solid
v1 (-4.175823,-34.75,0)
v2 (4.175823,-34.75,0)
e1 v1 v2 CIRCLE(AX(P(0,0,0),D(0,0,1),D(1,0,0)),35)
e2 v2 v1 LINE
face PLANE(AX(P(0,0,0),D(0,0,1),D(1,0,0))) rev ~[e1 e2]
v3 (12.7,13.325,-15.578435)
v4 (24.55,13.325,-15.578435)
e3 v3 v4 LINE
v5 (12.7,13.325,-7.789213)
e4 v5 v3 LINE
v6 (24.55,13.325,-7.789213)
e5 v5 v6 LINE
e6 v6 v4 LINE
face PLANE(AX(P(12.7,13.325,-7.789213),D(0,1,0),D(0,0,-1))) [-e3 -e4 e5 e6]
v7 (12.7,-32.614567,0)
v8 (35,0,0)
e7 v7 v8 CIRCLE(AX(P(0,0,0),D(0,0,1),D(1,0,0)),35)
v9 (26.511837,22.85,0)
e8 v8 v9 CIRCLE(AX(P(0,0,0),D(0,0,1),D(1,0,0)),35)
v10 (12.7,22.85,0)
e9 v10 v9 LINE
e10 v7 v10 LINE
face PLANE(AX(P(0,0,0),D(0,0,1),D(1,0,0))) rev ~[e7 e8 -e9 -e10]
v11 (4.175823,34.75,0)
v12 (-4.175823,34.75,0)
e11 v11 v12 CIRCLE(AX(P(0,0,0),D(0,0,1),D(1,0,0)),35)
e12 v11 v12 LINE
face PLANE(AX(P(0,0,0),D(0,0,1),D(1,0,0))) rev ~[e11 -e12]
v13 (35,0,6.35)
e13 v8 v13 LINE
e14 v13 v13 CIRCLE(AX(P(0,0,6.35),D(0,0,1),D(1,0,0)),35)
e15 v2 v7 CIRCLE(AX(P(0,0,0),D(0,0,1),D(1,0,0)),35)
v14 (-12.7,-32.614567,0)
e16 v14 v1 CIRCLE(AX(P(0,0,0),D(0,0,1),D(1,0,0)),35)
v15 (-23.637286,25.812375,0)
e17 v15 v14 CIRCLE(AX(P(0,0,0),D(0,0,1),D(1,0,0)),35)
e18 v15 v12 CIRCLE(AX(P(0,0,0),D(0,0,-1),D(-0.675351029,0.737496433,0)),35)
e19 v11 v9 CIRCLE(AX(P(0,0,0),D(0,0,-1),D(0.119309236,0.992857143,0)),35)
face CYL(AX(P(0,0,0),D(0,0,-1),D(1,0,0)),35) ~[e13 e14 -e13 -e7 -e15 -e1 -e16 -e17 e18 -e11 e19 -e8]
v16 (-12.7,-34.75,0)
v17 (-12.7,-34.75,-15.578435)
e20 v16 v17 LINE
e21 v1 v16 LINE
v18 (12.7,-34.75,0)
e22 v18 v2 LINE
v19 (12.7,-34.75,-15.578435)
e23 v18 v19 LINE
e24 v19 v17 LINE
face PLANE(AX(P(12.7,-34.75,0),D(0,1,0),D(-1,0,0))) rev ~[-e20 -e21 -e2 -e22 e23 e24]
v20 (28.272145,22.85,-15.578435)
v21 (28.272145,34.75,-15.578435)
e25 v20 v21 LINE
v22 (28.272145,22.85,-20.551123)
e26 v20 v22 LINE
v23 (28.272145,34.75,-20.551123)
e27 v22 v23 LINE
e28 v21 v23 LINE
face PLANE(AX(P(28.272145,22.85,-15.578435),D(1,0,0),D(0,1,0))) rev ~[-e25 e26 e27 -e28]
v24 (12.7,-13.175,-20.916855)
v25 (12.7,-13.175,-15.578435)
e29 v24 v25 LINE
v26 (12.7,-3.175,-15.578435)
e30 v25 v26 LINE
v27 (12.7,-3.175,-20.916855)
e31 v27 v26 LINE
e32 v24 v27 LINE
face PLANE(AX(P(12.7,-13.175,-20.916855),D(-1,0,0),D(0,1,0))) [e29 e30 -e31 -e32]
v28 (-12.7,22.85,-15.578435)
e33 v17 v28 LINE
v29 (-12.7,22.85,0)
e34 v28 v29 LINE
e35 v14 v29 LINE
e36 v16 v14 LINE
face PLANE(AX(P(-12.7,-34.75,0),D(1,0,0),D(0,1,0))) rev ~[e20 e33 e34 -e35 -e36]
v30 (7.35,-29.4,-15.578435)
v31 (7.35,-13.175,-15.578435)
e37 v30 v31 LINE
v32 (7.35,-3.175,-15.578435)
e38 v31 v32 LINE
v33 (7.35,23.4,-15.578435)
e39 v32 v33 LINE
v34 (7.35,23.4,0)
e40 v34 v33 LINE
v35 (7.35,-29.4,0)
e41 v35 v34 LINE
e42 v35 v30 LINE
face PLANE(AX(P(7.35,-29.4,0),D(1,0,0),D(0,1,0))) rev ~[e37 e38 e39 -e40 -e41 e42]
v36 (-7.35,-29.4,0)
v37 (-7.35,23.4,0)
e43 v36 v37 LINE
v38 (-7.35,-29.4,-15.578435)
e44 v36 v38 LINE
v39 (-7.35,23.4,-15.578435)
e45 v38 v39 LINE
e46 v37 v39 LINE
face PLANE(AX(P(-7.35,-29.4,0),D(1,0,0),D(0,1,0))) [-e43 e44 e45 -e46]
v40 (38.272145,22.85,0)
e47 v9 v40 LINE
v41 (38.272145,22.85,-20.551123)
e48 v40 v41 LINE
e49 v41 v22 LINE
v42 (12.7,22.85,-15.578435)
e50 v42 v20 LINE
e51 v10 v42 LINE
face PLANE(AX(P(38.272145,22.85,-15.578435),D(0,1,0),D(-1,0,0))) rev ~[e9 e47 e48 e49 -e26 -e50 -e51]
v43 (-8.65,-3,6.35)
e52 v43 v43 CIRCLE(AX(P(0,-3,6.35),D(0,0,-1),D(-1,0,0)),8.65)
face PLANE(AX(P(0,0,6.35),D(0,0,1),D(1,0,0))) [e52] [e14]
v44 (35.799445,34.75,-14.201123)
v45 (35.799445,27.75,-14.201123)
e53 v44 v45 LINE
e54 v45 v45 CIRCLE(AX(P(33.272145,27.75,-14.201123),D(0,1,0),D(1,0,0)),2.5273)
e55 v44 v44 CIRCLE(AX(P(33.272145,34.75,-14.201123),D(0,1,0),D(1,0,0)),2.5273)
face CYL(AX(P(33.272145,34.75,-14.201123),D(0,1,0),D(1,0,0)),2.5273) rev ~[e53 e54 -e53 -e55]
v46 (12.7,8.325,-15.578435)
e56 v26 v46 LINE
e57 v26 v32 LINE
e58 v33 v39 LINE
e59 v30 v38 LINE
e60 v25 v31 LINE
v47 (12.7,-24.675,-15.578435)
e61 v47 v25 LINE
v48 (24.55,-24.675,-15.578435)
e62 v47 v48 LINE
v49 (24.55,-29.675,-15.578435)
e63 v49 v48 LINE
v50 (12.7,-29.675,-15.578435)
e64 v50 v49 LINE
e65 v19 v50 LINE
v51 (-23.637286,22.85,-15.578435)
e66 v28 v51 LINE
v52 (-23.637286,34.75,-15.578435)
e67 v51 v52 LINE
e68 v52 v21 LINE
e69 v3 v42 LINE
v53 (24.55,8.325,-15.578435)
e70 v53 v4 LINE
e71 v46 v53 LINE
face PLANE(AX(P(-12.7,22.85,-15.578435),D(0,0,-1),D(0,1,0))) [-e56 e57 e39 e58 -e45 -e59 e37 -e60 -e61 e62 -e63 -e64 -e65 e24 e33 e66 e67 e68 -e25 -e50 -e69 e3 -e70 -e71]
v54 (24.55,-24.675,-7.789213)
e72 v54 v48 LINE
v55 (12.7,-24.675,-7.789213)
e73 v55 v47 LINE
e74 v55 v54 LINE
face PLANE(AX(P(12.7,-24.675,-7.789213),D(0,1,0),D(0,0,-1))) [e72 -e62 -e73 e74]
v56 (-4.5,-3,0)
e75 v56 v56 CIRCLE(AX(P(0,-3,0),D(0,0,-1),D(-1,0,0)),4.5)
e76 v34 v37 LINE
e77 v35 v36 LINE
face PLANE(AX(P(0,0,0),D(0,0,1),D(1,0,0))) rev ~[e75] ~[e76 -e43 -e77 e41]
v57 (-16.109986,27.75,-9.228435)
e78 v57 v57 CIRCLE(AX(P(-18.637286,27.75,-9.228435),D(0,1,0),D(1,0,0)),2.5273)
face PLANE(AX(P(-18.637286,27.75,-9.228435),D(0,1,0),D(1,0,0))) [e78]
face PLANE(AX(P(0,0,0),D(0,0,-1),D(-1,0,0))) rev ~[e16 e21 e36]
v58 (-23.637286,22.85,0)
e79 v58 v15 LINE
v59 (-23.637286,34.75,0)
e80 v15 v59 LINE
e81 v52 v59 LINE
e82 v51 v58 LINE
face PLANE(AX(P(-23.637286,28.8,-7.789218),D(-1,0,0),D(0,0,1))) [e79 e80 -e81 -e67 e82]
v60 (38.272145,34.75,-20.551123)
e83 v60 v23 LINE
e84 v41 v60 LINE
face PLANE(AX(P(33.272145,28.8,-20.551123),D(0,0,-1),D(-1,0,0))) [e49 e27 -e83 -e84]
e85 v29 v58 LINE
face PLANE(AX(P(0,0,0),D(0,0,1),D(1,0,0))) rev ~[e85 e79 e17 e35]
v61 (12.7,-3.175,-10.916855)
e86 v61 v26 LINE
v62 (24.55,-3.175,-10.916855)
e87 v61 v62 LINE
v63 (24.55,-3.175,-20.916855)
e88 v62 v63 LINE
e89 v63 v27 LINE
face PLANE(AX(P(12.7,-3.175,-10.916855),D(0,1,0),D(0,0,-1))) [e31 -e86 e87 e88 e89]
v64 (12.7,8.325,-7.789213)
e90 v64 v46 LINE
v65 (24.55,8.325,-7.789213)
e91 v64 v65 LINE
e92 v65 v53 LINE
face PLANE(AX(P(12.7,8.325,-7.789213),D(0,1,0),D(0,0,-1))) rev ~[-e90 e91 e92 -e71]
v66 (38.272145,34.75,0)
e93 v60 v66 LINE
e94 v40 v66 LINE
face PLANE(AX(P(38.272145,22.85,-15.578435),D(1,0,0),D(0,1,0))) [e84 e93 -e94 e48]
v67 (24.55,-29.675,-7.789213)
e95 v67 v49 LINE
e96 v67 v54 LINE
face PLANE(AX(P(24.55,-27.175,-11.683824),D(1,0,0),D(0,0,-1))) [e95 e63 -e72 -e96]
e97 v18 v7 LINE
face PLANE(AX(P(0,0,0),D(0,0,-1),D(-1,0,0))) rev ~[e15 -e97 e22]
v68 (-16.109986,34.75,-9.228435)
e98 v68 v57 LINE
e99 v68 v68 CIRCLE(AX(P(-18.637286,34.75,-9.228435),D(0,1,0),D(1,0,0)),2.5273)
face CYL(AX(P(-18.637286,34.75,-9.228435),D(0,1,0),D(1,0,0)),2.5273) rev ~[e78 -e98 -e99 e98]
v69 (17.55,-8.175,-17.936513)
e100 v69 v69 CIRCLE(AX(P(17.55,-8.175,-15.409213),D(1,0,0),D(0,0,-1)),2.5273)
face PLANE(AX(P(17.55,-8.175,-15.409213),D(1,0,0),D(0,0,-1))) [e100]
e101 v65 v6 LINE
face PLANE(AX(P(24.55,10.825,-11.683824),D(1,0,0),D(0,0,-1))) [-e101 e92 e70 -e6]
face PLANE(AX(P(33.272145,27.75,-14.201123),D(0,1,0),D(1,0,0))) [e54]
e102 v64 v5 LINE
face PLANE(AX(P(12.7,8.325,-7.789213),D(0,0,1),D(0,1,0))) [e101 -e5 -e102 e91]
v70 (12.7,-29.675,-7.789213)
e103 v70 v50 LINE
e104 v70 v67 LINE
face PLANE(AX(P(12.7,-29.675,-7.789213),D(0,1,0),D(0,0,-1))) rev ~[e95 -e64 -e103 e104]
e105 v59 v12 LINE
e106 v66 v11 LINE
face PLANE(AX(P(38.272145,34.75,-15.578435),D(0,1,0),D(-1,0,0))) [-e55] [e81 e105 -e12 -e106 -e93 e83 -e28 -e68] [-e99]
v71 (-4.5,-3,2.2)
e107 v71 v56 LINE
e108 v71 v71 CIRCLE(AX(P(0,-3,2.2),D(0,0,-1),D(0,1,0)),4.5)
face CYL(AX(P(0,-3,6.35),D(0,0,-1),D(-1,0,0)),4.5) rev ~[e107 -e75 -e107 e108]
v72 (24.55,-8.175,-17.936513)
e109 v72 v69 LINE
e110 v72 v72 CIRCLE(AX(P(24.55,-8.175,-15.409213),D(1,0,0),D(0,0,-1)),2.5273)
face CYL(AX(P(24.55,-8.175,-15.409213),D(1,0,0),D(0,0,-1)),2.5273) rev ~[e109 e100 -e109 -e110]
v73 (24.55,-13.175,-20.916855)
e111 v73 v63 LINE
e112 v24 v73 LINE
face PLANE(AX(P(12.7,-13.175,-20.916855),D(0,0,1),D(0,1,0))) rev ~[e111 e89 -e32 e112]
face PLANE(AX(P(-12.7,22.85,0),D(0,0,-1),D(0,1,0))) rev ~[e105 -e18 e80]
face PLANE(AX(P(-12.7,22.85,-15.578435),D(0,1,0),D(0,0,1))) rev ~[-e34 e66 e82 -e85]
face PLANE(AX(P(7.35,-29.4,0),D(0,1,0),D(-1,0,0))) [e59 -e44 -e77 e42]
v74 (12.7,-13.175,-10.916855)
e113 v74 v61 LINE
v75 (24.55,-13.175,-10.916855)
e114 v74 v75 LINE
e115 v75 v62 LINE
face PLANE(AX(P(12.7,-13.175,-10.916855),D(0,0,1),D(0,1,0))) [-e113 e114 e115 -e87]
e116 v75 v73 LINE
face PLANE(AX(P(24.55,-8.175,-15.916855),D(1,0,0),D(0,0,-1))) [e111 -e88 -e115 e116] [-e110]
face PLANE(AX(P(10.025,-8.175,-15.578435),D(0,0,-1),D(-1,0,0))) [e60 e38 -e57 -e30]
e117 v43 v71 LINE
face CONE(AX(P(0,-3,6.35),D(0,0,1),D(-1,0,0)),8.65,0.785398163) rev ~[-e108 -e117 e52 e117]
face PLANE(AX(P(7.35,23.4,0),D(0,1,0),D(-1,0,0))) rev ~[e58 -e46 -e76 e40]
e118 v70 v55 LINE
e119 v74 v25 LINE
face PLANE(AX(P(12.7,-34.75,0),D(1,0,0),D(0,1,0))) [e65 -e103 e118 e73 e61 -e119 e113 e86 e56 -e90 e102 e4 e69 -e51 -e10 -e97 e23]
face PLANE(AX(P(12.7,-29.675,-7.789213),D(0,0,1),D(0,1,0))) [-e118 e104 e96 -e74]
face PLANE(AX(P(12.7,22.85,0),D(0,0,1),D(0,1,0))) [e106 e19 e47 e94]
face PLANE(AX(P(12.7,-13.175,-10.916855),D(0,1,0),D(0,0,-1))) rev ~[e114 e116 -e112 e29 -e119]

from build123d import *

# Parameters (mm, degrees)
SKETCH1_R                                       = 35
BOSS_EXTRUDE1_DEPTH                             = 6.35
SKETCH2_W                                       = 25.4
SKETCH2_H                                       = 69.5
SKETCH2_W_2                                     = 14.7
SKETCH2_H_2                                     = 52.8
BOSS_EXTRUDE2_DEPTH                             = 15.578435
CSK_FOR_M8_FLAT_HEAD_MACHINE_SCREW1_D           = 9
CSK_FOR_M8_FLAT_HEAD_MACHINE_SCREW1_DEPTH       = 17.5
CSK_FOR_M8_FLAT_HEAD_MACHINE_SCREW1_CSINK_D     = 17.3
CSK_FOR_M8_FLAT_HEAD_MACHINE_SCREW1_CSINK_ANGLE = 90
CSK_FOR_M8_FLAT_HEAD_MACHINE_SCREW1_TIP         = 2.703872786
SKETCH6_W                                       = 15.578435
SKETCH6_H                                       = 11.9
BOSS_EXTRUDE3_DEPTH                             = 25.572145
SKETCH7_W                                       = 15.578435
SKETCH7_H                                       = 11.9
BOSS_EXTRUDE4_DEPTH                             = 10.937286
SKETCH8_R                                       = 2.5273
CUT_EXTRUDE1_DEPTH                              = 7
SKETCH9_W                                       = 10
SKETCH9_H                                       = 11.9
BOSS_EXTRUDE5_DEPTH                             = 4.972688
SKETCH10_R                                      = 2.5273
CUT_EXTRUDE2_DEPTH                              = 7
SKETCH11_W                                      = 5.3384196
SKETCH11_H                                      = 10
BOSS_EXTRUDE6_DEPTH                             = 5.35
SKETCH12_W                                      = 10
SKETCH12_H                                      = 10
SKETCH12_W_2                                    = 7.789222
SKETCH12_H_2                                    = 5
BOSS_EXTRUDE7_DEPTH                             = 11.85
SKETCH13_R                                      = 2.5273
CUT_EXTRUDE3_DEPTH                              = 7
SKETCH14_W                                      = 5.35
SKETCH14_H                                      = 10
CUT_EXTRUDE4_DEPTH                              = 5.33842


with BuildPart() as part:
    # Sketch1 → Boss-Extrude1 (new body)
    with BuildSketch(Plane.XY):
        Circle(SKETCH1_R)
    extrude(amount=BOSS_EXTRUDE1_DEPTH)

    # Sketch2 → Boss-Extrude2 (add)
    with BuildSketch(Plane(origin=(0, 0, 0), x_dir=(-1, 0, 0), z_dir=(0, 0, -1))):
        Rectangle(SKETCH2_W, SKETCH2_H)
        with Locations((0, -3)):
            Rectangle(SKETCH2_W_2, SKETCH2_H_2, mode=Mode.SUBTRACT)
    extrude(amount=BOSS_EXTRUDE2_DEPTH)

    # CSK for M8 Flat Head Machine Screw1
    with Locations(Plane.XY.offset(6.35)):
        with Locations((0, -3)):
            CounterSinkHole(CSK_FOR_M8_FLAT_HEAD_MACHINE_SCREW1_D / 2, CSK_FOR_M8_FLAT_HEAD_MACHINE_SCREW1_CSINK_D / 2, depth=CSK_FOR_M8_FLAT_HEAD_MACHINE_SCREW1_DEPTH, counter_sink_angle=CSK_FOR_M8_FLAT_HEAD_MACHINE_SCREW1_CSINK_ANGLE)
            with Locations((0, 0, -(CSK_FOR_M8_FLAT_HEAD_MACHINE_SCREW1_DEPTH + CSK_FOR_M8_FLAT_HEAD_MACHINE_SCREW1_TIP / 2))):  # 118° drill point
                Cone(0, CSK_FOR_M8_FLAT_HEAD_MACHINE_SCREW1_D / 2, CSK_FOR_M8_FLAT_HEAD_MACHINE_SCREW1_TIP, mode=Mode.SUBTRACT)

    # Sketch6 → Boss-Extrude3 (add)
    with BuildSketch(Plane(origin=(12.7, 0, 0), x_dir=(0, 0, -1), z_dir=(1, 0, 0))):
        with Locations((7.7892175, 28.8)):
            Rectangle(SKETCH6_W, SKETCH6_H)
    extrude(amount=BOSS_EXTRUDE3_DEPTH)

    # Sketch7 → Boss-Extrude4 (add)
    with BuildSketch(Plane.ZY.offset(12.7)):
        with Locations((-7.7892175, 28.8)):
            Rectangle(SKETCH7_W, SKETCH7_H)
    extrude(amount=BOSS_EXTRUDE4_DEPTH)

    # Sketch8 → Cut-Extrude1 (cut)
    with BuildSketch(Plane(origin=(0, 34.75, 0), x_dir=(1, 0, 0), z_dir=(0, 1, 0))):
        with Locations((-18.637286, 9.228435)):
            Circle(SKETCH8_R)
    extrude(amount=-CUT_EXTRUDE1_DEPTH, mode=Mode.SUBTRACT)

    # Sketch9 → Boss-Extrude5 (add)
    with BuildSketch(Plane(origin=(0, 0, -15.578435), x_dir=(-1, 0, 0), z_dir=(0, 0, -1))):
        with Locations((-33.272145, 28.8)):
            Rectangle(SKETCH9_W, SKETCH9_H)
    extrude(amount=BOSS_EXTRUDE5_DEPTH)

    # Sketch10 → Cut-Extrude2 (cut)
    with BuildSketch(Plane(origin=(0, 34.75, 0), x_dir=(1, 0, 0), z_dir=(0, 1, 0))):
        with Locations((33.272145, 14.201123)):
            Circle(SKETCH10_R)
    extrude(amount=-CUT_EXTRUDE2_DEPTH, mode=Mode.SUBTRACT)

    # Sketch11 → Boss-Extrude6 (add)
    with BuildSketch(Plane(origin=(12.7, 0, 0), x_dir=(0, 0, -1), z_dir=(1, 0, 0))):
        with Locations((18.2476448, -8.175)):
            Rectangle(SKETCH11_W, SKETCH11_H)
    extrude(amount=-BOSS_EXTRUDE6_DEPTH)

    # Sketch12 → Boss-Extrude7 (add)
    with BuildSketch(Plane(origin=(12.7, 0, 0), x_dir=(0, 0, -1), z_dir=(1, 0, 0))):
        with Locations((15.9168546, -8.175)):
            Rectangle(SKETCH12_W, SKETCH12_H)
        with Locations((11.683824, 10.825)):
            Rectangle(SKETCH12_W_2, SKETCH12_H_2)
        with Locations((11.683824, -27.175)):
            Rectangle(SKETCH12_W_2, SKETCH12_H_2)
    extrude(amount=BOSS_EXTRUDE7_DEPTH)

    # Sketch13 → Cut-Extrude3 (cut)
    with BuildSketch(Plane(origin=(24.55, 0, 0), x_dir=(0, 0, -1), z_dir=(1, 0, 0))):
        with Locations((15.4092126, -8.175)):
            Circle(SKETCH13_R)
    extrude(amount=-CUT_EXTRUDE3_DEPTH, mode=Mode.SUBTRACT)

    # Sketch14 → Cut-Extrude4 (cut)
    with BuildSketch(Plane(origin=(0, 0, -20.9168546), x_dir=(-1, 0, 0), z_dir=(0, 0, -1))):
        with Locations((-10.025, -8.175)):
            Rectangle(SKETCH14_W, SKETCH14_H)
    extrude(amount=-CUT_EXTRUDE4_DEPTH, mode=Mode.SUBTRACT)


solid = part.part
